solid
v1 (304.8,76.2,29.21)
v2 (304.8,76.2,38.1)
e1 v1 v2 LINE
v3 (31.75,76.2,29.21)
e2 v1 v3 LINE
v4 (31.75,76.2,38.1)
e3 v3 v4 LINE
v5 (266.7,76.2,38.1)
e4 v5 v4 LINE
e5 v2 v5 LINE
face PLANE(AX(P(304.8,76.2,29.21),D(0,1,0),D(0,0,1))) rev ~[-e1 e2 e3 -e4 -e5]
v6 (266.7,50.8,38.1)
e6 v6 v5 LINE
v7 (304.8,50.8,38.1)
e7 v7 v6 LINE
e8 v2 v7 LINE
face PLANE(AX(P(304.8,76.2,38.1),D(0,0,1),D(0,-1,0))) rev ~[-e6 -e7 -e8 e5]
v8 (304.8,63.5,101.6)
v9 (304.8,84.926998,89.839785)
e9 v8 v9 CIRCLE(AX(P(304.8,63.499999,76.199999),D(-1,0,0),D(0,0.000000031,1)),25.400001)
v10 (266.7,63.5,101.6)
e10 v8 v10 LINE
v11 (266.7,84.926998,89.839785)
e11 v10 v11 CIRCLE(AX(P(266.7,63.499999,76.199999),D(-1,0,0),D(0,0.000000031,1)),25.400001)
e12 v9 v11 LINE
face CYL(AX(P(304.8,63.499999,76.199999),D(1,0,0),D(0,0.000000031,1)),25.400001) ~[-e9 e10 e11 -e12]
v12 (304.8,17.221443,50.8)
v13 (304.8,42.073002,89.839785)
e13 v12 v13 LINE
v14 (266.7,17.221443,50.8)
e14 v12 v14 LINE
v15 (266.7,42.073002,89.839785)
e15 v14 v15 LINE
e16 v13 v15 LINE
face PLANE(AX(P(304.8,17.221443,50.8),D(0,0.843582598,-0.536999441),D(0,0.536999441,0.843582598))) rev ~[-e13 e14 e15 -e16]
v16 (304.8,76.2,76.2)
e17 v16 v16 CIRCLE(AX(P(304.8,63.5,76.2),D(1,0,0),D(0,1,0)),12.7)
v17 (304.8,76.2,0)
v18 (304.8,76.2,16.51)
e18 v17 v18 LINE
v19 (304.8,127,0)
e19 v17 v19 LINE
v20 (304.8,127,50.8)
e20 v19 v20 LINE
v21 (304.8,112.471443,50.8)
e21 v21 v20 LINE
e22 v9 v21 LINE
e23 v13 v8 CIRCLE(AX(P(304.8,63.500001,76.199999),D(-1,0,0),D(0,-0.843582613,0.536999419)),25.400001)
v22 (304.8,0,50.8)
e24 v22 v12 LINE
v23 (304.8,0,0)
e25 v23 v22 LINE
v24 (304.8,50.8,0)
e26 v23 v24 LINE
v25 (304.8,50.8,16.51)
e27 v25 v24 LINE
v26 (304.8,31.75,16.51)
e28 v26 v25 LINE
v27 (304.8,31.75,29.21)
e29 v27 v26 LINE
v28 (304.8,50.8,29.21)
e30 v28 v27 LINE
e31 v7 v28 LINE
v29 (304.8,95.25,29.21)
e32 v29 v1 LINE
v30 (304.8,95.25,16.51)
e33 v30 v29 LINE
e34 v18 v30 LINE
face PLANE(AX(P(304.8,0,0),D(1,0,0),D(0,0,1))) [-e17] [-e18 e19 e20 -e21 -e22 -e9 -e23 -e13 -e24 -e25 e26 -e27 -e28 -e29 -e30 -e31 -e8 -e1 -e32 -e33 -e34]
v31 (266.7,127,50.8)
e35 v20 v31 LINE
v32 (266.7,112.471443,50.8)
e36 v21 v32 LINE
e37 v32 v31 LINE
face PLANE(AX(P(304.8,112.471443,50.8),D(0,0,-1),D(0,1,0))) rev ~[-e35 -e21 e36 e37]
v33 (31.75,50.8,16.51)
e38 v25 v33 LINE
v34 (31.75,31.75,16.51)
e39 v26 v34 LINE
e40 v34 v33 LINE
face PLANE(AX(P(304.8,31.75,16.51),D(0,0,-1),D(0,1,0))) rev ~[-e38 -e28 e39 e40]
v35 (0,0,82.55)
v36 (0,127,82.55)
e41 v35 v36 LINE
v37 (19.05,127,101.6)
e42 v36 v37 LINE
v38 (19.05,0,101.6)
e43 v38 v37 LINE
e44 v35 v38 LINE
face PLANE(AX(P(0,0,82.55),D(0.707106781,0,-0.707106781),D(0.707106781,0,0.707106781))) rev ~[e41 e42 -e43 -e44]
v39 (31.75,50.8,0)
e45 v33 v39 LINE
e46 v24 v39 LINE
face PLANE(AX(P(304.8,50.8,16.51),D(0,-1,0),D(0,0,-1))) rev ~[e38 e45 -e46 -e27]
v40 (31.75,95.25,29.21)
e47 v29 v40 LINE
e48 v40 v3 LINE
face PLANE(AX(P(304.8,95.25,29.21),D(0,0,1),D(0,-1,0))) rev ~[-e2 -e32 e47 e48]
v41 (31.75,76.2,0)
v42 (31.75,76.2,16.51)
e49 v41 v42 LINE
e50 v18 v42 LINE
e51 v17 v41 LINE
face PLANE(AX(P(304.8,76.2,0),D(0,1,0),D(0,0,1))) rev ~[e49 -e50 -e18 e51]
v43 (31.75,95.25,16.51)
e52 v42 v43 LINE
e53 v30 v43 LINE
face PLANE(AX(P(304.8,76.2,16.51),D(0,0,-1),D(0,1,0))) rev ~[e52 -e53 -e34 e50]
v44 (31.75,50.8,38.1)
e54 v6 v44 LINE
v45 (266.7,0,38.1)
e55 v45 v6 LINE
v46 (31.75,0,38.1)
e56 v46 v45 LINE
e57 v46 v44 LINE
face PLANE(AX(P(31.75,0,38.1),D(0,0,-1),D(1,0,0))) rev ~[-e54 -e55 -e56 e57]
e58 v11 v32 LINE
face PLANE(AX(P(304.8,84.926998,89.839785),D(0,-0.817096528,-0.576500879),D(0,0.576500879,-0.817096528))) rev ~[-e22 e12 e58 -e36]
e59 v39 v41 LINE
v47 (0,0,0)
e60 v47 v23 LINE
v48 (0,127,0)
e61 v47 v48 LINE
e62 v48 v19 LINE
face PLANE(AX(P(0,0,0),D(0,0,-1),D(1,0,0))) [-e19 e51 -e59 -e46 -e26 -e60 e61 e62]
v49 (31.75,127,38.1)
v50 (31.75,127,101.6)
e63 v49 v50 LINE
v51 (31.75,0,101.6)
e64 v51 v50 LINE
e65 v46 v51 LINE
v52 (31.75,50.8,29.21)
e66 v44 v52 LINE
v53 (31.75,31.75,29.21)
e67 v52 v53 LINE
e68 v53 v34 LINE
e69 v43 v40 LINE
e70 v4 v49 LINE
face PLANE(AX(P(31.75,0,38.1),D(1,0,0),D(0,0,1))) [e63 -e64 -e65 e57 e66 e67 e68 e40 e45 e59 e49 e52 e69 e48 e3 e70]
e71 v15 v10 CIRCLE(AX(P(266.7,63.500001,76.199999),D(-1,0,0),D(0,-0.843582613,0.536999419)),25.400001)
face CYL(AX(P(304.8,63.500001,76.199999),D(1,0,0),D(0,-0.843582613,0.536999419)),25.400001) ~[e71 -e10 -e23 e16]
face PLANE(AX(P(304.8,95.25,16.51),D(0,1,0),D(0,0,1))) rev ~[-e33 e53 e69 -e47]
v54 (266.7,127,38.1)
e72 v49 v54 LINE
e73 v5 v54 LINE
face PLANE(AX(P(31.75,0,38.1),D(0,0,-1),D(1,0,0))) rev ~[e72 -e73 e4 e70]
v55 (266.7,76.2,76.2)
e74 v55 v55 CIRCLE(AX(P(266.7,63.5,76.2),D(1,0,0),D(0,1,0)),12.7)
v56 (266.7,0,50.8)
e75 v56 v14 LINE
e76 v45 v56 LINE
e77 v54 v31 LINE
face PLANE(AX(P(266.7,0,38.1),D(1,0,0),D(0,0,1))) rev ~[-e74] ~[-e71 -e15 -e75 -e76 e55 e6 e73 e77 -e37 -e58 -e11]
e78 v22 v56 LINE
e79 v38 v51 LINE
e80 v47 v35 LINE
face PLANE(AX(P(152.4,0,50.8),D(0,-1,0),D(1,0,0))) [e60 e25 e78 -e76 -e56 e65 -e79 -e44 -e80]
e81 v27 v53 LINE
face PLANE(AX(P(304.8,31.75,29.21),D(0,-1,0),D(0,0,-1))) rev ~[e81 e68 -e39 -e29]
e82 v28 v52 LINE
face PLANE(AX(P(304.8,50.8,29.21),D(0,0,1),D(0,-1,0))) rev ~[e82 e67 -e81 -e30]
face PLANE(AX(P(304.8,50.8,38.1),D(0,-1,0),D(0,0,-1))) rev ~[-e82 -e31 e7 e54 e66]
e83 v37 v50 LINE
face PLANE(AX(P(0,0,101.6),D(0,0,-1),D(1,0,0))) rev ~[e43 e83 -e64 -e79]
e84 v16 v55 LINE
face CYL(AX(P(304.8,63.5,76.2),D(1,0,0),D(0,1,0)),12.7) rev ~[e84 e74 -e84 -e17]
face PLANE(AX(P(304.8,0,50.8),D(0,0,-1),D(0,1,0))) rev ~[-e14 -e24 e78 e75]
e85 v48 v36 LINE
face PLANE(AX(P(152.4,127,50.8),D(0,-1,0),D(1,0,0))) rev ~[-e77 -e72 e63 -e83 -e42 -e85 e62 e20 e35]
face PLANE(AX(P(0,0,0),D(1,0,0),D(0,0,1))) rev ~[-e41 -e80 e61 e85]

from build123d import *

# Parameters (mm, degrees)
F0_W     = 304.8
F0_H     = 101.6
F1_DEPTH = 127
F2_W     = 234.95
F2_H     = 63.5
F3_DEPTH = 127.001
F5_DEPTH = 127.001
F6_R     = 12.7
F7_DEPTH = 38.1
F8_DEPTH = 273.05


with BuildPart() as f1:
    # F0 (on Front) → F1 (new body)
    with BuildSketch(Plane.XZ):
        with Locations((152.4, 50.8)):
            Rectangle(F0_W, F0_H)
    extrude(amount=-F1_DEPTH)

    # F2 (on face) → F3 (cut, through all)
    with BuildSketch(Plane.XZ):
        with Locations((149.225, 69.85)):
            Rectangle(F2_W, F2_H)
    extrude(amount=-F3_DEPTH, mode=Mode.SUBTRACT)

    # F4 (on face) → F5 (cut, through all)
    with BuildSketch(Plane.XZ):
        Polygon((19.05, 101.6), (0, 101.6), (0, 82.55), align=None)
    extrude(amount=-F5_DEPTH, mode=Mode.SUBTRACT)

    # F6 (on face) → F7 (cut, through all)
    with BuildSketch(Plane.YZ.offset(304.8)):
        with BuildLine():
            Line((0, 101.6), (0, 50.8))
            Line((0, 50.8), (17.221443, 50.8))
            Line((17.221443, 50.8), (42.073002, 89.839785))
            ThreePointArc((42.073002, 89.839785), (51.278923, 98.466685), (63.5, 101.6))
            Line((63.5, 101.6), (0, 101.6))
        make_face()
        with BuildLine():
            Line((127, 101.6), (63.5, 101.6))
            ThreePointArc((63.5, 101.6), (75.721077, 98.466685), (84.926998, 89.839785))
            Line((84.926998, 89.839785), (112.471443, 50.8))
            Line((112.471443, 50.8), (127, 50.8))
            Line((127, 50.8), (127, 101.6))
        make_face()
        with Locations((63.5, 76.2)):
            Circle(F6_R)
    extrude(amount=-F7_DEPTH, mode=Mode.SUBTRACT)

    # F6 (on face) → F8 (cut)
    with BuildSketch(Plane.YZ.offset(304.8)):
        Polygon((50.8, 16.51), (50.8, 0), (63.5, 0), (76.2, 0), (76.2, 16.51), (95.25, 16.51), (95.25, 29.21), (76.2, 29.21), (76.2, 38.1), (63.5, 38.1), (50.8, 38.1), (50.8, 29.21), (31.75, 29.21), (31.75, 16.51), align=None)
    extrude(amount=-F8_DEPTH, mode=Mode.SUBTRACT)


solid = f1.part
